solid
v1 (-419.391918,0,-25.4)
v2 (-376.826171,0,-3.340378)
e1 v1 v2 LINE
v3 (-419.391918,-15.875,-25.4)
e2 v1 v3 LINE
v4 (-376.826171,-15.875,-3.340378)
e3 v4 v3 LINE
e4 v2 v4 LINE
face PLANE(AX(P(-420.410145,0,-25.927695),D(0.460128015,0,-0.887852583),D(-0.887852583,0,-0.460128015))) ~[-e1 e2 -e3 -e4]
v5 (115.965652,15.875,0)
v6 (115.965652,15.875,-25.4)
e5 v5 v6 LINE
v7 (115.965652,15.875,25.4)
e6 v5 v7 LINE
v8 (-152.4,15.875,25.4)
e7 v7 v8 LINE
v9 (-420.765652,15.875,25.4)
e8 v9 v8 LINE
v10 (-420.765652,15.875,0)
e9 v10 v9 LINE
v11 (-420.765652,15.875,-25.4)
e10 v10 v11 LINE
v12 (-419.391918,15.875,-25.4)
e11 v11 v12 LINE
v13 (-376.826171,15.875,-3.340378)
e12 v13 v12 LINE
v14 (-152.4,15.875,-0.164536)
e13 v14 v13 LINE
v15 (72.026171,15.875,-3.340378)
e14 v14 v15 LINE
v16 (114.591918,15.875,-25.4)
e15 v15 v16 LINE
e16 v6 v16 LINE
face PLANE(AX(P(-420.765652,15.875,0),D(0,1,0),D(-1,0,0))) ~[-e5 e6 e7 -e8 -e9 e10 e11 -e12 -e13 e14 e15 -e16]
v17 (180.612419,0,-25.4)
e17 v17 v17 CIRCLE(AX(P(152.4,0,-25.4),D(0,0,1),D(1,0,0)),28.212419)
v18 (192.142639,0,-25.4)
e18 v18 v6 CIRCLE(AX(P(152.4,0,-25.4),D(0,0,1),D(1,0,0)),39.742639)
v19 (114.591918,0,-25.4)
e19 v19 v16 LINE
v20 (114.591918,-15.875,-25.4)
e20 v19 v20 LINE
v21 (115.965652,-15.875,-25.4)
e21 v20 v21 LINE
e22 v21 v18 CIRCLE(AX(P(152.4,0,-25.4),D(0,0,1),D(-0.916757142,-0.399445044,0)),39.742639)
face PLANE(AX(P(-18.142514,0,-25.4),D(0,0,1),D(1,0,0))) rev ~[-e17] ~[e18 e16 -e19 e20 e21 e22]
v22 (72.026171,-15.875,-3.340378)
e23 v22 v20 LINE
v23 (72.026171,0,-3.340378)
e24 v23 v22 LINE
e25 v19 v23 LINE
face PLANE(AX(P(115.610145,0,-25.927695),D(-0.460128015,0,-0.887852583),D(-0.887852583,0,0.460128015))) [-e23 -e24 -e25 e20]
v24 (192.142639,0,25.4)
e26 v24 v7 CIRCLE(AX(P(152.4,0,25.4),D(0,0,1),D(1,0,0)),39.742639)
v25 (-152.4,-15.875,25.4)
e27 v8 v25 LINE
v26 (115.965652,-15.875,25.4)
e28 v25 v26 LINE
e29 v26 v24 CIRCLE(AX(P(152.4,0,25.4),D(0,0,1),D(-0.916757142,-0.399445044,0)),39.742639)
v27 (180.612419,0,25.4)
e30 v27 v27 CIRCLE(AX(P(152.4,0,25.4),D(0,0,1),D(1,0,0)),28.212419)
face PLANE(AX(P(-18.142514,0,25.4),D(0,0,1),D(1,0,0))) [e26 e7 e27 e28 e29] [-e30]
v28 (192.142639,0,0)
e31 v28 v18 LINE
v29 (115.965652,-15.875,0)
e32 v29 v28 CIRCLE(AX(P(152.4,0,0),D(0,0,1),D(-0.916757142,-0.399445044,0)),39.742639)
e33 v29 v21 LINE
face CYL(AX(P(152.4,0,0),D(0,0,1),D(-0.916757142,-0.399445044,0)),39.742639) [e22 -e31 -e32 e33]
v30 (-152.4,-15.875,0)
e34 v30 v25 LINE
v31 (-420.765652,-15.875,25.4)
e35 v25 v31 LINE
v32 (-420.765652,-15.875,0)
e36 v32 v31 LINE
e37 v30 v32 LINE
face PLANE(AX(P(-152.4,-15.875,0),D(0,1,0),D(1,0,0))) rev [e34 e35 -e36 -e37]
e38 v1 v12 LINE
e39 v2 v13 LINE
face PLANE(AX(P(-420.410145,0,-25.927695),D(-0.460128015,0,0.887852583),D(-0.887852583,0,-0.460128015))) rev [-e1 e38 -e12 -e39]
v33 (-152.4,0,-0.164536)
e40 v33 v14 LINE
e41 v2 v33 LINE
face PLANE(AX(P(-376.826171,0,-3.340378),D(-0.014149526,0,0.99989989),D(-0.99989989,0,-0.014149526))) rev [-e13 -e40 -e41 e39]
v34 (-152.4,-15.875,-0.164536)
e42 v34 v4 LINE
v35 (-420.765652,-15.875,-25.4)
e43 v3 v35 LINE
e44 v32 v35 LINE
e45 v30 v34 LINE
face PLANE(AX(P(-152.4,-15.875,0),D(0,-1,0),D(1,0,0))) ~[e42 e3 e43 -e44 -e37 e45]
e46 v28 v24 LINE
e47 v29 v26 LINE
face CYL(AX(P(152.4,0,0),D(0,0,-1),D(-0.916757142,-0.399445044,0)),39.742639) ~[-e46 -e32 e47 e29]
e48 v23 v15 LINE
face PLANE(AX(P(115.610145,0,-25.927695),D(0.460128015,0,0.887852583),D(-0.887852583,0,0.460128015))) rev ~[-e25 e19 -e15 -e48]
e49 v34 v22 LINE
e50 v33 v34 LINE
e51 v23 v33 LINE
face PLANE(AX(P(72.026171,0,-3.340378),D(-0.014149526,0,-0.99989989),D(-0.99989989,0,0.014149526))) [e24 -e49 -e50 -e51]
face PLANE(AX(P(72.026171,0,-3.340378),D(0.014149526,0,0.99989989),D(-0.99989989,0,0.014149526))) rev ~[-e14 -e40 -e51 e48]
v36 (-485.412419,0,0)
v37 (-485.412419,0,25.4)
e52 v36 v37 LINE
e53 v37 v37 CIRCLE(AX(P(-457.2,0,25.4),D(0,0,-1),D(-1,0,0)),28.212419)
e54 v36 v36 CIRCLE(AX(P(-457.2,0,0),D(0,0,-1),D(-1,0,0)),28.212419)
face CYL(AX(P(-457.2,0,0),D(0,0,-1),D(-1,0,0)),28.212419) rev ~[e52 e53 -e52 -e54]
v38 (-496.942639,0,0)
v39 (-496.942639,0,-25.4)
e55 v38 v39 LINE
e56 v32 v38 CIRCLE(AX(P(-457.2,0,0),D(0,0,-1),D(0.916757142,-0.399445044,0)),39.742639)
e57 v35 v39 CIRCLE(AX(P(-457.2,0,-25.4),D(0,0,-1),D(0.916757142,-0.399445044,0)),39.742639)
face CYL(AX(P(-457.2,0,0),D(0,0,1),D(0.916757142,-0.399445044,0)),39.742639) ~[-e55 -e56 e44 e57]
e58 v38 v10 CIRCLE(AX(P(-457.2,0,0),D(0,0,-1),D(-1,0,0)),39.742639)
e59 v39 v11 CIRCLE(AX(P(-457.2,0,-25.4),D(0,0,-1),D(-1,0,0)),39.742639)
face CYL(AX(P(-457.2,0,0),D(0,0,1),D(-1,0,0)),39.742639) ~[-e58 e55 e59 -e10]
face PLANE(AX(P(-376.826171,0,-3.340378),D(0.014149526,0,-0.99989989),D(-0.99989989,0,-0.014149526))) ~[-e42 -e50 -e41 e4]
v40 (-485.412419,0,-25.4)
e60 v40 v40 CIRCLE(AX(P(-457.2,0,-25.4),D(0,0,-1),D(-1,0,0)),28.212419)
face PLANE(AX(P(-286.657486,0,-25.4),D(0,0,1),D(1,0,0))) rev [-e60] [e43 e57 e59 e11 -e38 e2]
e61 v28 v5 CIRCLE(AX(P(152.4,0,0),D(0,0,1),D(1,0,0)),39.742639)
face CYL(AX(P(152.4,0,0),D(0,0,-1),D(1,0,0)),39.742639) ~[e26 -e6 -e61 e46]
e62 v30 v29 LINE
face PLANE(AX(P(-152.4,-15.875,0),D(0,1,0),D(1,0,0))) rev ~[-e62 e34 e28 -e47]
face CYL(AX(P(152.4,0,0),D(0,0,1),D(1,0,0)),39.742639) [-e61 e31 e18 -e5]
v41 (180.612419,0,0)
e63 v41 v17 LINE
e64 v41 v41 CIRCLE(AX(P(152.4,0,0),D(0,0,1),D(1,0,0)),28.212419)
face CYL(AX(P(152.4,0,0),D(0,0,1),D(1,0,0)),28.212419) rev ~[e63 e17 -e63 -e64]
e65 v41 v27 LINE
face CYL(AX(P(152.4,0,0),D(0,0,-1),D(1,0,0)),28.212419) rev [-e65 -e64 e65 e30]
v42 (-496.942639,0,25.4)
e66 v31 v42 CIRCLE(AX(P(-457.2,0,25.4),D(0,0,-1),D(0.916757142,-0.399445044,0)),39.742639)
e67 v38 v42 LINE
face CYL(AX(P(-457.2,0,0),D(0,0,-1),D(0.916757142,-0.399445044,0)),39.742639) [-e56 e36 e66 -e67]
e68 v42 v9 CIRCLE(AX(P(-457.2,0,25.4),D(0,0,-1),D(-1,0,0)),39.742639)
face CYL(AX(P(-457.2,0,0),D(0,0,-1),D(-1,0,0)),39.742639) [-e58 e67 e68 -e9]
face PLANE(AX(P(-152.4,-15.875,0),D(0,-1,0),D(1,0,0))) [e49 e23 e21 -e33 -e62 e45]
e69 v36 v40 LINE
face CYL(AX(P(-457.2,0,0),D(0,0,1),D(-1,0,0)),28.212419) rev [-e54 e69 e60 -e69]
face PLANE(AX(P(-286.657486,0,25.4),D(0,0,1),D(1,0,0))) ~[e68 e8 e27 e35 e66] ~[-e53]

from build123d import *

# Parameters (mm, degrees)
F0_R          = 28.2124188792
F1_DEPTH      = 25.4
F1_DEPTH_BACK = 25.4
F3_DEPTH      = 67.69626
F3_DEPTH_BACK = 44.95286


with BuildPart() as f1:
    # F0 (on Top) → F1 (new body, two sides)
    with BuildSketch(Plane.XY) as f1_sk:
        with BuildLine():
            ThreePointArc((115.9656523028, -15.875), (112.6573614726, 0), (115.9656523028, 15.875))
            Line((115.9656523028, 15.875), (-152.4, 15.875))
            Line((-152.4, 15.875), (-152.4, -15.875))
            Line((-152.4, -15.875), (115.9656523028, -15.875))
        make_face()
        with BuildLine():
            ThreePointArc((192.1426385274, 0), (160.5080270907, 38.906775937), (115.9656523028, 15.875))
            ThreePointArc((115.9656523028, 15.875), (112.6573614726, 0), (115.9656523028, -15.875))
            ThreePointArc((115.9656523028, -15.875), (160.5080270907, -38.906775937), (192.1426385274, 0))
        make_face()
        with Locations((152.4, 0)):
            Circle(F0_R, mode=Mode.SUBTRACT)
    extrude(amount=F1_DEPTH)
    extrude(f1_sk.sketch, amount=-F1_DEPTH_BACK)

    # F2 (on Front) → F3 (cut, two sides)
    with BuildSketch(Plane.XZ) as f3_sk:
        Polygon((72.0261707902, -3.3403777052), (-164.0271991491, 0), (-162.436529994, -48.5150068998), (115.6101450324, -51.6963265836), (115.6101450324, -25.9276945144), align=None)
    extrude(amount=-F3_DEPTH, mode=Mode.SUBTRACT)
    extrude(f3_sk.sketch, amount=F3_DEPTH_BACK, mode=Mode.SUBTRACT)

    # F4: F1 across face


with BuildPart() as f1_1:
    add(f1.part)
    add(f1.part.mirror(Plane(origin=(-152.4, 0, 12.6177320857), x_dir=(0, -1, 0), z_dir=(-1, 0, 0))))


solid = f1_1.part
